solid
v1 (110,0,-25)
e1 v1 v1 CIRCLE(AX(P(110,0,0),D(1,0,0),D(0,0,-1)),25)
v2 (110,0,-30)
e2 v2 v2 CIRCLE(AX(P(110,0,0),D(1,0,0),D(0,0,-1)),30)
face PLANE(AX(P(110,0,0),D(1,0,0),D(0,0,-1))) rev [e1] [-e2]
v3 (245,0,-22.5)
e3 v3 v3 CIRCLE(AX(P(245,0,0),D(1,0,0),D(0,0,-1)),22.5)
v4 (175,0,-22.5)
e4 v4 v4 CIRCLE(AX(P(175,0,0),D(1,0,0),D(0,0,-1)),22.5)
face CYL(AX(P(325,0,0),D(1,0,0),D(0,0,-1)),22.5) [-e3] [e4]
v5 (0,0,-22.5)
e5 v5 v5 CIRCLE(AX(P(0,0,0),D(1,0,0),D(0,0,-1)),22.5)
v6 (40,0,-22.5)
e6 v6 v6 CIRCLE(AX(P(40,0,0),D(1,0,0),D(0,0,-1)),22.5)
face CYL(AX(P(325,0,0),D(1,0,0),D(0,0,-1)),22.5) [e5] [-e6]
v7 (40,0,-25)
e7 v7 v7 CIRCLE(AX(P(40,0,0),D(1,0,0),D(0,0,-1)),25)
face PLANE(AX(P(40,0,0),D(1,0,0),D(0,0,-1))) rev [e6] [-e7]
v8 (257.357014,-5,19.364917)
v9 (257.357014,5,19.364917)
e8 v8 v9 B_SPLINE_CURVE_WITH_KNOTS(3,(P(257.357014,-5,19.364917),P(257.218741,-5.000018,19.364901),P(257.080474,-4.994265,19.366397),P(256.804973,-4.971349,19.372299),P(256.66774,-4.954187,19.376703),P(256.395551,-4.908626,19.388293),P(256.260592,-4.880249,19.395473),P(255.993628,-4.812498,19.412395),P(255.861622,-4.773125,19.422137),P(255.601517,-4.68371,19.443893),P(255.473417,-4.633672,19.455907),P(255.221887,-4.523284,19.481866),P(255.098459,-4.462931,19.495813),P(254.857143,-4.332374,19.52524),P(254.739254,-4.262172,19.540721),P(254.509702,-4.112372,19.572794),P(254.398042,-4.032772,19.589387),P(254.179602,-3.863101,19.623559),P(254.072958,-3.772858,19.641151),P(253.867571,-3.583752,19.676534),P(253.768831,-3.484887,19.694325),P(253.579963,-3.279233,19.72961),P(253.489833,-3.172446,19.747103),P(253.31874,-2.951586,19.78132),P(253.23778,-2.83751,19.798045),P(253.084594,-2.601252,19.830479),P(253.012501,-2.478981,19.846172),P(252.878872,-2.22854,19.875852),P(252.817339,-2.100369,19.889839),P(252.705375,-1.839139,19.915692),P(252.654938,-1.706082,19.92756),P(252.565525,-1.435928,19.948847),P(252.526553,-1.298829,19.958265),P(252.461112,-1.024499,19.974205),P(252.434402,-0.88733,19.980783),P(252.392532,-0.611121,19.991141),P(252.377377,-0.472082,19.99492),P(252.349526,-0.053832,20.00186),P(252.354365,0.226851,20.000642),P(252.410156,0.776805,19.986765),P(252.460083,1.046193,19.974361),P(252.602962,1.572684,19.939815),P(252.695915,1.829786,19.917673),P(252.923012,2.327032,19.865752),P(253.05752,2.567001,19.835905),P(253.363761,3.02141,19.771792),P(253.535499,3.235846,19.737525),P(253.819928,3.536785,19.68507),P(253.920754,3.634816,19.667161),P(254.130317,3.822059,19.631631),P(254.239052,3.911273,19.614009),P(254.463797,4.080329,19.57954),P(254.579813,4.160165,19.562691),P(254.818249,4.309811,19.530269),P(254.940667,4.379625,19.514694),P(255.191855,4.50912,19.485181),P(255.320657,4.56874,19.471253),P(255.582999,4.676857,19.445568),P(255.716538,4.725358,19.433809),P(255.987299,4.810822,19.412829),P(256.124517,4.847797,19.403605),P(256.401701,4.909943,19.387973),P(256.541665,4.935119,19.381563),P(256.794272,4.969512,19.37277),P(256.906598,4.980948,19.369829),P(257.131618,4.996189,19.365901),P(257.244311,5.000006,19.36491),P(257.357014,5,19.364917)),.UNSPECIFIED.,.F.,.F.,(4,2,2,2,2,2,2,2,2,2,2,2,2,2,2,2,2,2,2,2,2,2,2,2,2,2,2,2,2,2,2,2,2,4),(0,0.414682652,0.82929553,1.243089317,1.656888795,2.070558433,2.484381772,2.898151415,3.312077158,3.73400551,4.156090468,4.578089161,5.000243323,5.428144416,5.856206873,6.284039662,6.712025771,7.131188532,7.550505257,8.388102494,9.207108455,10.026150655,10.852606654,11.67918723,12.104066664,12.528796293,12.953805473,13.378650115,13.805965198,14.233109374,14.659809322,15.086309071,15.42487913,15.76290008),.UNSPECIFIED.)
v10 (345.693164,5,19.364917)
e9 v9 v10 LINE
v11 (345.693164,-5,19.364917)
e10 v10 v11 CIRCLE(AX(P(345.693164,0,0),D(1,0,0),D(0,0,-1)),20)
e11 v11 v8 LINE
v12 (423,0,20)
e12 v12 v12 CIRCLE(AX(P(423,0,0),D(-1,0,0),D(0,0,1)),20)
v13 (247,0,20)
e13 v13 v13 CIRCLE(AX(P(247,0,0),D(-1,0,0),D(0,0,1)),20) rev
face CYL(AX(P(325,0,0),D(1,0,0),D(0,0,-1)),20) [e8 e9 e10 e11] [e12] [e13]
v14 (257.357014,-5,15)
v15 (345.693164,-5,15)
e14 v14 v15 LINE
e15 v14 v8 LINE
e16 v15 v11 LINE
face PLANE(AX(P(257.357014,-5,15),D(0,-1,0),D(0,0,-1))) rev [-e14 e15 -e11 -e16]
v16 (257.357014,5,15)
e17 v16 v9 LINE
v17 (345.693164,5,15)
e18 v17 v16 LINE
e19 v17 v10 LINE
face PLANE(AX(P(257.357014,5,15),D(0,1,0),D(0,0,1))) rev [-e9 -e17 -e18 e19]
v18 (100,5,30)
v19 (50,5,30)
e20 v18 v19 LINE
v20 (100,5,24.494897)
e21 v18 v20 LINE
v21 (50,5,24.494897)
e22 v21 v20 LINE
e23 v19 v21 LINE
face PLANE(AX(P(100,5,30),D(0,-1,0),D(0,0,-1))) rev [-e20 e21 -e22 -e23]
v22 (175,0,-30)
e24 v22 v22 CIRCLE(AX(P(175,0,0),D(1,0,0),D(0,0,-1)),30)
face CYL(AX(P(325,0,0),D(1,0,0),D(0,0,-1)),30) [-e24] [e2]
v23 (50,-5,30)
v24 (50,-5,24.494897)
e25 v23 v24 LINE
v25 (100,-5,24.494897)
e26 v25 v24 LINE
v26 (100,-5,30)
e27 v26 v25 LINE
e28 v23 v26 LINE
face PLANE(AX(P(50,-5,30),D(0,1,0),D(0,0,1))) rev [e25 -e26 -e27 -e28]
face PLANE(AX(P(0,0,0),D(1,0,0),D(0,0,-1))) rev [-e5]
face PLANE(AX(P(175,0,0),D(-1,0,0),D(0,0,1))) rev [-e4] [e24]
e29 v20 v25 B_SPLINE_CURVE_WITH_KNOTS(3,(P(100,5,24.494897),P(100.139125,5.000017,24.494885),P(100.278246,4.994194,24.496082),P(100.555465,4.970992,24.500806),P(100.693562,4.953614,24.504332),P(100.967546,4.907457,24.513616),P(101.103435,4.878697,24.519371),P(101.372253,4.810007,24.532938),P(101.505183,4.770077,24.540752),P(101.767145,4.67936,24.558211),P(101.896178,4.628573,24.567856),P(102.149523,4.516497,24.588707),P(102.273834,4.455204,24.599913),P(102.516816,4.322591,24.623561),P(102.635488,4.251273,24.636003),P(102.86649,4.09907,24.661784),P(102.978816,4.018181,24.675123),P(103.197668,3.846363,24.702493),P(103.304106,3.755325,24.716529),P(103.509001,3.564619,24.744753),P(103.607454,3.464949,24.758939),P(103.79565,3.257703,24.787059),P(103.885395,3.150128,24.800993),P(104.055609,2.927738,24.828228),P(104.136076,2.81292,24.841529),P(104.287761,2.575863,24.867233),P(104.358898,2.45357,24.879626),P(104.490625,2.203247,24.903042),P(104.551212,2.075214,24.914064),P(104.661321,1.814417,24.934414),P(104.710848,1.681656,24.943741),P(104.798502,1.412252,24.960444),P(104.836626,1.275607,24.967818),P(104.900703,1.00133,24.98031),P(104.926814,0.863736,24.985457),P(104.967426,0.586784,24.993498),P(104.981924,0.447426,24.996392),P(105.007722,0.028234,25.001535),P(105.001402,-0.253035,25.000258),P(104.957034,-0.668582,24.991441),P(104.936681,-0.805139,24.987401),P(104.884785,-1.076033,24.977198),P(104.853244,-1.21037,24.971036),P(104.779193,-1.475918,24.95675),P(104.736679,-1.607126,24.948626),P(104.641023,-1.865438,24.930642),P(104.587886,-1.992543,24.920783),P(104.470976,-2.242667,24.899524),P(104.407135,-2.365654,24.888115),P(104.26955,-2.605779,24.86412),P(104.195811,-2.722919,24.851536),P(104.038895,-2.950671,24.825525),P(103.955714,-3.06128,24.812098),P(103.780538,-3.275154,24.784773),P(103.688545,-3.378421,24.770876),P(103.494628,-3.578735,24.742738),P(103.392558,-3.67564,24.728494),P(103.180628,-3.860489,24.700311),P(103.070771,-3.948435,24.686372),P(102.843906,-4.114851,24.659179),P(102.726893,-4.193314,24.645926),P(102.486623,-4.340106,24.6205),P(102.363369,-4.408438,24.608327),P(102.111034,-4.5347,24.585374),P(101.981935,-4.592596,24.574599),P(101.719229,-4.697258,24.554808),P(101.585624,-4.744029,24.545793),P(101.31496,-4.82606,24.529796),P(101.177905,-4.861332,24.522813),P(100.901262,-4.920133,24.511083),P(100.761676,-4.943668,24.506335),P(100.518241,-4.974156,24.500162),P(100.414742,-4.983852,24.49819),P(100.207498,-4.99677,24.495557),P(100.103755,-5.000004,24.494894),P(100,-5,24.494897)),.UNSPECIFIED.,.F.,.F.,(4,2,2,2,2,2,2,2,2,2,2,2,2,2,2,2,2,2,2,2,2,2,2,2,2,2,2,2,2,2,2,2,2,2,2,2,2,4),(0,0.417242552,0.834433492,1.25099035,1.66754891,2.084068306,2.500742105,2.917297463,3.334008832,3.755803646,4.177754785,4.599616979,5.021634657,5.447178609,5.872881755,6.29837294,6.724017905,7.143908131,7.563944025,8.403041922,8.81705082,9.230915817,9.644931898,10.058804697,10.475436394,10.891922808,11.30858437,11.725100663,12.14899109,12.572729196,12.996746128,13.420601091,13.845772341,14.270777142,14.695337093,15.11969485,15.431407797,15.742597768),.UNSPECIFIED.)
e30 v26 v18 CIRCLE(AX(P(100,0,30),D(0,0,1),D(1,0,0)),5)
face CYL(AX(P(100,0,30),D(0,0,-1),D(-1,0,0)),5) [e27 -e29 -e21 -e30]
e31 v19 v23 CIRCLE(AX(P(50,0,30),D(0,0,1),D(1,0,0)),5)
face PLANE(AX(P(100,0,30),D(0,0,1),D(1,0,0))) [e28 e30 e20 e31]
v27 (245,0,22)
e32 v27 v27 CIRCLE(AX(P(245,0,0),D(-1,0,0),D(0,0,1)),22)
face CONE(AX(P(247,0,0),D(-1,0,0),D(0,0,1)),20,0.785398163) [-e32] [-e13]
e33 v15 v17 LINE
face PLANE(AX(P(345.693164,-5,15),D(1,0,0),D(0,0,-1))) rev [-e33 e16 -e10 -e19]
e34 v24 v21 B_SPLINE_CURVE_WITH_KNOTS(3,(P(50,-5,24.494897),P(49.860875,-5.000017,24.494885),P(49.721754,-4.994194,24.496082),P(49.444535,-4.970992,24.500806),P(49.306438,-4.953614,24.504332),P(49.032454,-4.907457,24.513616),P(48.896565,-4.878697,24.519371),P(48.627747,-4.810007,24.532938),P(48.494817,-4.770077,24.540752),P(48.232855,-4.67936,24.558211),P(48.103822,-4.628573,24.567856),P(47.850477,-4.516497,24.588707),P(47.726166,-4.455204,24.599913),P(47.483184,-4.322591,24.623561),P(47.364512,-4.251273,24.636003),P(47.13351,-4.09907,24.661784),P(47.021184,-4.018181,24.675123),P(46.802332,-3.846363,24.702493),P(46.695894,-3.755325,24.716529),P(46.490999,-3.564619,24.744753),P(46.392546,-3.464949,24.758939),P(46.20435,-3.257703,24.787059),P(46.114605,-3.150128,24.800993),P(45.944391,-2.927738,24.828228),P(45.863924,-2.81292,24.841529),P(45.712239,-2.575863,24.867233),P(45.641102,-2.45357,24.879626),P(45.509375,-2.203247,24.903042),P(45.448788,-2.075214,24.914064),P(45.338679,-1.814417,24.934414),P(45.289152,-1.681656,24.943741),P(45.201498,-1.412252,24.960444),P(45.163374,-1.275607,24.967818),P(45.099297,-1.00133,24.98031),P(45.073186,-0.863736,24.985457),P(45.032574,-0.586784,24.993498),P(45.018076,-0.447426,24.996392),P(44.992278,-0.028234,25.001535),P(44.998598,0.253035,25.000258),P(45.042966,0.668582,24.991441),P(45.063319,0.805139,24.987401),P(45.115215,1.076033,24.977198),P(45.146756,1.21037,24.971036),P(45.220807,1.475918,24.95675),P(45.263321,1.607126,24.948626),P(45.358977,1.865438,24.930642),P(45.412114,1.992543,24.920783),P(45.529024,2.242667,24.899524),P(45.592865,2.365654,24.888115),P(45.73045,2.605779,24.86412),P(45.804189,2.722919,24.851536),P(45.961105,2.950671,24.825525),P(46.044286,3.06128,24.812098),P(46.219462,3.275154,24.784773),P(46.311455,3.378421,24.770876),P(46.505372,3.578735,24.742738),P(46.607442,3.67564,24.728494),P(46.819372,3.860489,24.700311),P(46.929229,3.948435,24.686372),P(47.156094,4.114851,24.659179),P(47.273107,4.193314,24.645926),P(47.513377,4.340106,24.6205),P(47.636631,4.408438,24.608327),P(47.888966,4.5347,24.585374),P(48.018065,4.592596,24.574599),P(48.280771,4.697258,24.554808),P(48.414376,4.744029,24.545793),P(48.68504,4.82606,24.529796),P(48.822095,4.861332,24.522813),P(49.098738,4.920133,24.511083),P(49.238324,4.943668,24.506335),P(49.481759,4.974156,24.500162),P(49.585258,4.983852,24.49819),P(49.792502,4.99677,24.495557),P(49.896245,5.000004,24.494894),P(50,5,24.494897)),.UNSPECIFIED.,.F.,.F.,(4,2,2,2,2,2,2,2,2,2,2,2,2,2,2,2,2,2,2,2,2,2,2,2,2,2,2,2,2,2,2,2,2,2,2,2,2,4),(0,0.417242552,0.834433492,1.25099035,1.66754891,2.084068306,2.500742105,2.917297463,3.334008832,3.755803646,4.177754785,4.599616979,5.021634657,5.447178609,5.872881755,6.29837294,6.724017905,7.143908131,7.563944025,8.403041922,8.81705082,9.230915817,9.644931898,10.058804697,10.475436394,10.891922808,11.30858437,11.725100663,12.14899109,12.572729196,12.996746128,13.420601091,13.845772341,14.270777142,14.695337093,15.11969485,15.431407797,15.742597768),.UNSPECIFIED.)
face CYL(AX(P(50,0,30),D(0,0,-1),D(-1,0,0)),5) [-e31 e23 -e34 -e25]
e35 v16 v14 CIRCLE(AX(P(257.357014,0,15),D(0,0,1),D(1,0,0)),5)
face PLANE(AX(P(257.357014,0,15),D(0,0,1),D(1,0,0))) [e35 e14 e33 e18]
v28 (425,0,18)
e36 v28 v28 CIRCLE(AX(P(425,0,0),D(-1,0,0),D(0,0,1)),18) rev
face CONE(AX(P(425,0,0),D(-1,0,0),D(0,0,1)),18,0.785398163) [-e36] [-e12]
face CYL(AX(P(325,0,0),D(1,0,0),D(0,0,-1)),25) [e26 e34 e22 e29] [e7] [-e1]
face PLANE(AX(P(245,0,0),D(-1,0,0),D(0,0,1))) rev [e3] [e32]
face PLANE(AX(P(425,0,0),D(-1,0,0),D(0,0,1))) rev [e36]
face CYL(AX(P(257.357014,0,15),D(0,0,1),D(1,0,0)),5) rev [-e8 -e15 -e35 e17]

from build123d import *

# Parameters (mm, degrees)
CHAMFER1_SIZE       = 2
CUT_EXTRUDE2_DEPTH  = 5
CUT_EXTRUDE3_DEPTH  = 5
BOSS_EXTRUDE1_DEPTH = 10


with BuildPart() as part:
    # Sketch2 → Revolve1 (revolve)
    with BuildSketch(Plane(origin=(0, 0, 0), x_dir=(1, 0, 0), z_dir=(0, 1, 0))):
        Polygon((303.786030517, 20), (303.786030517, 0), (325, 0), (425, 0), (425, 20), (325, 20), align=None)
        Polygon((0, 22.5), (0, 0), (303.786030517, 0), (303.786030517, 20), (245, 20), (245, 22.5), (175, 22.5), (175, 30), (110, 30), (110, 25), (40, 25), (40, 22.5), align=None)
    revolve(axis=Axis((325, 0, 0), (-1, 0, 0)))

    # Chamfer1
    chamfer1_edges = [part.edges().sort_by_distance(p)[0] for p in [
        (425, 0, 20),
        (245, 0, 20),
    ]]
    chamfer(chamfer1_edges, length=CHAMFER1_SIZE)

    # Sketch4 → Cut-Extrude2 (cut)
    with BuildSketch(Plane.XY.offset(20)):
        with BuildLine():
            Line((257.357014361, -5), (345.693163579, -5))
            Line((345.693163579, -5), (345.693163579, 5))
            Line((345.693163579, 5), (257.357014361, 5))
            ThreePointArc((257.357014361, 5), (252.357014361, 0), (257.357014361, -5))
        make_face()
    extrude(amount=-CUT_EXTRUDE2_DEPTH, mode=Mode.SUBTRACT)

    # Sketch5 → Cut-Extrude3 (cut)
    with BuildSketch(Plane.XY.offset(25)):
        with BuildLine():
            Line((50, 5), (100, 5))
            ThreePointArc((100, 5), (105, 0), (100, -5))
            Line((100, -5), (50, -5))
            ThreePointArc((50, -5), (45, 0), (50, 5))
        make_face()
    extrude(amount=-CUT_EXTRUDE3_DEPTH, mode=Mode.SUBTRACT)

    # Sketch8 → Boss-Extrude1 (add)
    with BuildSketch(Plane.XY.offset(20)):
        with BuildLine():
            Line((100, 5), (50, 5))
            ThreePointArc((50, 5), (45, 0), (50, -5))
            Line((50, -5), (100, -5))
            ThreePointArc((100, -5), (105, 0), (100, 5))
        make_face()
    extrude(amount=BOSS_EXTRUDE1_DEPTH)


solid = part.part
